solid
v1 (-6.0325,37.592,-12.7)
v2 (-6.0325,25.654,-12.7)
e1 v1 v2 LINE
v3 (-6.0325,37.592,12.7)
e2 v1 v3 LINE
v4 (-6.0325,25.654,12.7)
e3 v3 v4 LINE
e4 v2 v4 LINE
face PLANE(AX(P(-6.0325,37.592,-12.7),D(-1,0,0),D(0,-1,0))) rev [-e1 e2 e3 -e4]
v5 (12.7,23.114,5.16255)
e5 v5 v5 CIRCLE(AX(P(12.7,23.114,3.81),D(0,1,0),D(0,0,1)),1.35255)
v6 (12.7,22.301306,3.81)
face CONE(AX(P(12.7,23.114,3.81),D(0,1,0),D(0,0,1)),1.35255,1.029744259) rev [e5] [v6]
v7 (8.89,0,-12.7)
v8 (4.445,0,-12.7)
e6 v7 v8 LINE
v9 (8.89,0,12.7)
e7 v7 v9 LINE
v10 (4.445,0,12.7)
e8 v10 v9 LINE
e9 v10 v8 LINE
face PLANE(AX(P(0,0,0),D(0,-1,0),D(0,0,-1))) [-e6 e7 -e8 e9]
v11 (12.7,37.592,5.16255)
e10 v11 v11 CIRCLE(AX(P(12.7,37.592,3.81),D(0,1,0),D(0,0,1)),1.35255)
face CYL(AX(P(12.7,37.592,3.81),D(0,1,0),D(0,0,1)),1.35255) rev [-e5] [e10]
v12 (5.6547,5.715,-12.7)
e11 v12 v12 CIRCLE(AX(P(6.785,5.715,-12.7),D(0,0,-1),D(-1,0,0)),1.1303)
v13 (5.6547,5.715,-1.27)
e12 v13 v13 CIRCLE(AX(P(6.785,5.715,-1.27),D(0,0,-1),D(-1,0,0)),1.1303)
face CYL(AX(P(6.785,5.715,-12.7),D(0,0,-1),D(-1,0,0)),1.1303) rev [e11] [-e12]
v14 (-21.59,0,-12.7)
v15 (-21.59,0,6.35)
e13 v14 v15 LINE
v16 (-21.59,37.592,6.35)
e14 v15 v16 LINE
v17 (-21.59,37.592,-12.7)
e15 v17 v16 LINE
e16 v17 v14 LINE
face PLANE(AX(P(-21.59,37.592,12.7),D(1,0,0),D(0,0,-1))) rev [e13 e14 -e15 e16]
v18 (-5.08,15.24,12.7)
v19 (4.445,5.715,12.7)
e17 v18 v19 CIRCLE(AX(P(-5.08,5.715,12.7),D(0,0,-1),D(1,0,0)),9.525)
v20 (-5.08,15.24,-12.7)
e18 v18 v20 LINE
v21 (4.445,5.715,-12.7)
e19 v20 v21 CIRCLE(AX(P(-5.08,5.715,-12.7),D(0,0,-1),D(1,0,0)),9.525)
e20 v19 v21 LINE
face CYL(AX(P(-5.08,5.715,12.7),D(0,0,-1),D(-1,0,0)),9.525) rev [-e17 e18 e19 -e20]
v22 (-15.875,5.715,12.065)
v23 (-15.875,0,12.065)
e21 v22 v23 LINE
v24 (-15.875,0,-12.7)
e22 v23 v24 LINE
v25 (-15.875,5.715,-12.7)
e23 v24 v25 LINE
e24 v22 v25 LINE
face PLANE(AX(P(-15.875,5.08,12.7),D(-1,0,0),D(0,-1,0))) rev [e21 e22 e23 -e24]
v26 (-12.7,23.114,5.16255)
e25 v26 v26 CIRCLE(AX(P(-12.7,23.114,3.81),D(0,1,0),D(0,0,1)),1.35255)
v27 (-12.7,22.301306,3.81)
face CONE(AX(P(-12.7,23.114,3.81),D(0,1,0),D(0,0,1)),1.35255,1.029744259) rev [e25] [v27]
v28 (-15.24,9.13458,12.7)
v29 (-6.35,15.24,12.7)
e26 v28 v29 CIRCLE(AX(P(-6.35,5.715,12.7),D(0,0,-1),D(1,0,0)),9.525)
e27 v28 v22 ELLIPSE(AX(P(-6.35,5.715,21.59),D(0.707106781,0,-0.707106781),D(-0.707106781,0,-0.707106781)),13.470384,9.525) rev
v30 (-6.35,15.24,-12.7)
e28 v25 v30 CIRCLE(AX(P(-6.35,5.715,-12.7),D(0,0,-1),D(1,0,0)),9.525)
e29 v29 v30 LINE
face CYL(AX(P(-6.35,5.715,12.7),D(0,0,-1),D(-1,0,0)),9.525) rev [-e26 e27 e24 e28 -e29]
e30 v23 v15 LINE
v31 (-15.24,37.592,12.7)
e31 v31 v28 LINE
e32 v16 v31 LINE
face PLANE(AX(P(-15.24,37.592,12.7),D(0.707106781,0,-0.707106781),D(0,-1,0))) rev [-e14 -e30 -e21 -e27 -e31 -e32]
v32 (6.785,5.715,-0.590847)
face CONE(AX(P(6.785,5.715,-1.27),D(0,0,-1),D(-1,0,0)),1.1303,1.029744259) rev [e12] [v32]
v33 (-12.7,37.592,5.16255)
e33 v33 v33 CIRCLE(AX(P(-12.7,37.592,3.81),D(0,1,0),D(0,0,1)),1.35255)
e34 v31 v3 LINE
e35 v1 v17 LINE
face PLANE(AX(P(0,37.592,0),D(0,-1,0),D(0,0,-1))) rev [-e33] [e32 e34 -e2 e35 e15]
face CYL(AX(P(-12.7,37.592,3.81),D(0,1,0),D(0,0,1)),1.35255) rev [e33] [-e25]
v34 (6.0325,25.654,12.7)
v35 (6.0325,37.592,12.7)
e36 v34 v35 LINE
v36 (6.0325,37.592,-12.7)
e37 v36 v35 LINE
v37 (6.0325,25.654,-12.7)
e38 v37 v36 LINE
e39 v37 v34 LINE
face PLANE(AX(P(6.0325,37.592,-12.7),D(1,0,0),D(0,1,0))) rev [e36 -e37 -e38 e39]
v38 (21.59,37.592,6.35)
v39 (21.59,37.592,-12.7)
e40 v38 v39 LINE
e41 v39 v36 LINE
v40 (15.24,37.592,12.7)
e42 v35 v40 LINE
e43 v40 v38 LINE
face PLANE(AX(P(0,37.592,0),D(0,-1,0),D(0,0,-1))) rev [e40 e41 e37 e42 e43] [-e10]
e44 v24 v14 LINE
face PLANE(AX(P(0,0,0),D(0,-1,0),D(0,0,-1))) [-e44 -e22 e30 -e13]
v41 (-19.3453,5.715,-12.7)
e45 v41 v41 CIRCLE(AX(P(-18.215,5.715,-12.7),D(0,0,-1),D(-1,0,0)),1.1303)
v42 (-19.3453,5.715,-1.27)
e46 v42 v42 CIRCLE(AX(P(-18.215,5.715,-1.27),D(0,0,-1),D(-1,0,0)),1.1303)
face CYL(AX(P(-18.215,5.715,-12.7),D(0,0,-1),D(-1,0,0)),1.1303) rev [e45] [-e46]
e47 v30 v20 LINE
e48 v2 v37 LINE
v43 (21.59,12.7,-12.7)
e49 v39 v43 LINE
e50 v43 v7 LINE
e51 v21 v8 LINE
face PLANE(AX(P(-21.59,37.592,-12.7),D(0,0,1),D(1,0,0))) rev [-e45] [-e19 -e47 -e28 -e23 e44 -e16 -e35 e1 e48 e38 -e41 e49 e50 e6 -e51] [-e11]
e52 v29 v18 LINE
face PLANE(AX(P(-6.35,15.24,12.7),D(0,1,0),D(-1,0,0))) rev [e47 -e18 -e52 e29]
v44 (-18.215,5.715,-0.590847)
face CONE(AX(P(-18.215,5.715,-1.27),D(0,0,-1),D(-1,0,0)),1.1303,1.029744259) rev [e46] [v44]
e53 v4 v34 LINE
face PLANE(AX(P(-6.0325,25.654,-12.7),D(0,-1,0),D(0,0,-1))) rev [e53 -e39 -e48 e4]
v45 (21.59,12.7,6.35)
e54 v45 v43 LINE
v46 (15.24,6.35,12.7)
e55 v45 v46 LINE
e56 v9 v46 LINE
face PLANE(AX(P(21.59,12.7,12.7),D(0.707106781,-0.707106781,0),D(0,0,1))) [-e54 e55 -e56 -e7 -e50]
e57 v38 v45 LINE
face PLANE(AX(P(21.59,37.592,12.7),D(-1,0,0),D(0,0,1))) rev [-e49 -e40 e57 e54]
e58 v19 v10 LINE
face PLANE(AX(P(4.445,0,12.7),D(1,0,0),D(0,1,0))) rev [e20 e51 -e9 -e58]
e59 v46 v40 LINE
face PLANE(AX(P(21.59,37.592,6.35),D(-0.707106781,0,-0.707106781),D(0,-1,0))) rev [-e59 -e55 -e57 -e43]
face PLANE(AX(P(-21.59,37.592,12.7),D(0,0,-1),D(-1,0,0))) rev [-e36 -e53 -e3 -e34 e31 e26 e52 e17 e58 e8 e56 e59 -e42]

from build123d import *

# Parameters (mm, degrees)
SKETCH1_W                 = 43.18
SKETCH1_H                 = 25.4
BASE_DEPTH                = 37.592
SIDECHAMFER_SIZE          = 12.7
BACKCHAMFERS_SIZE         = 6.35
SKETCH2_W                 = 12.065
SKETCH2_H                 = 11.938
LINACTSLOT_DEPTH          = 51.24387091
MOUTINGHOLES_D            = 2.7051
MOUTINGHOLES_DEPTH        = 14.478
MOUTINGHOLES_TIP          = 0.81269403
MOTORSLOT_DEPTH           = 51.24387091
MOTORMOUNTINGHOLES2_D     = 2.2606
MOTORMOUNTINGHOLES2_DEPTH = 11.43
MOTORMOUNTINGHOLES2_TIP   = 0.679152758


with BuildPart() as part:
    # Sketch1 → Base (new body)
    with BuildSketch(Plane(origin=(0, 0, 0), x_dir=(1, 0, 0), z_dir=(0, 1, 0))):
        Rectangle(SKETCH1_W, SKETCH1_H)
    extrude(amount=BASE_DEPTH)

    # SideChamfer
    sidechamfer_edges = [part.edges().sort_by_distance(p)[0] for p in [
        (21.59, 0, 0),
    ]]
    chamfer(sidechamfer_edges, length=SIDECHAMFER_SIZE)

    # BackChamfers
    backchamfers_edges = [part.edges().sort_by_distance(p)[0] for p in [
        (21.59, 25.146, 12.7),
        (-21.59, 18.796, 12.7),
    ]]
    chamfer(backchamfers_edges, length=BACKCHAMFERS_SIZE)

    # Sketch2 → LinActSlot (cut, through all)
    with BuildSketch(Plane.XY.offset(12.7)):
        with Locations((0, 31.623)):
            Rectangle(SKETCH2_W, SKETCH2_H)
    extrude(amount=-LINACTSLOT_DEPTH, mode=Mode.SUBTRACT)

    # MoutingHoles
    with Locations(Plane(origin=(14.160350453, 37.592, 8.373414988), x_dir=(-1, 0, 0), z_dir=(0, 1, 0))):
        with Locations((1.460350453, -4.563414988), (26.860350453, -4.563414988)):
            Hole(MOUTINGHOLES_D / 2, depth=MOUTINGHOLES_DEPTH)
            with Locations((0, 0, -(MOUTINGHOLES_DEPTH + MOUTINGHOLES_TIP / 2))):  # 118° drill point
                Cone(0, MOUTINGHOLES_D / 2, MOUTINGHOLES_TIP, mode=Mode.SUBTRACT)

    # Sketch11 → MotorSlot (cut, through all)
    with BuildSketch(Plane(origin=(0, 0, -12.7), x_dir=(-1, 0, 0), z_dir=(0, 0, -1))):
        with BuildLine():
            Line((15.875, 5.08), (15.875, 5.715))
            ThreePointArc((15.875, 5.715), (13.085192091, 12.450192091), (6.35, 15.24))
            Line((6.35, 15.24), (5.08, 15.24))
            ThreePointArc((5.08, 15.24), (-1.655192091, 12.450192091), (-4.445, 5.715))
            Line((-4.445, 5.715), (-4.445, 5.08))
            Line((-4.445, 5.08), (-4.445, 0))
            Line((-4.445, 0), (15.875, 0))
            Line((15.875, 0), (15.875, 5.08))
        make_face()
    extrude(amount=-MOTORSLOT_DEPTH, mode=Mode.SUBTRACT)

    # MotorMountingHoles2
    with Locations(Plane(origin=(0, 0, -12.7), x_dir=(-1, 0, 0), z_dir=(0, 0, -1))):
        with Locations((18.215, 5.715), (-6.785, 5.715)):
            Hole(MOTORMOUNTINGHOLES2_D / 2, depth=MOTORMOUNTINGHOLES2_DEPTH)
            with Locations((0, 0, -(MOTORMOUNTINGHOLES2_DEPTH + MOTORMOUNTINGHOLES2_TIP / 2))):  # 118° drill point
                Cone(0, MOTORMOUNTINGHOLES2_D / 2, MOTORMOUNTINGHOLES2_TIP, mode=Mode.SUBTRACT)


solid = part.part
